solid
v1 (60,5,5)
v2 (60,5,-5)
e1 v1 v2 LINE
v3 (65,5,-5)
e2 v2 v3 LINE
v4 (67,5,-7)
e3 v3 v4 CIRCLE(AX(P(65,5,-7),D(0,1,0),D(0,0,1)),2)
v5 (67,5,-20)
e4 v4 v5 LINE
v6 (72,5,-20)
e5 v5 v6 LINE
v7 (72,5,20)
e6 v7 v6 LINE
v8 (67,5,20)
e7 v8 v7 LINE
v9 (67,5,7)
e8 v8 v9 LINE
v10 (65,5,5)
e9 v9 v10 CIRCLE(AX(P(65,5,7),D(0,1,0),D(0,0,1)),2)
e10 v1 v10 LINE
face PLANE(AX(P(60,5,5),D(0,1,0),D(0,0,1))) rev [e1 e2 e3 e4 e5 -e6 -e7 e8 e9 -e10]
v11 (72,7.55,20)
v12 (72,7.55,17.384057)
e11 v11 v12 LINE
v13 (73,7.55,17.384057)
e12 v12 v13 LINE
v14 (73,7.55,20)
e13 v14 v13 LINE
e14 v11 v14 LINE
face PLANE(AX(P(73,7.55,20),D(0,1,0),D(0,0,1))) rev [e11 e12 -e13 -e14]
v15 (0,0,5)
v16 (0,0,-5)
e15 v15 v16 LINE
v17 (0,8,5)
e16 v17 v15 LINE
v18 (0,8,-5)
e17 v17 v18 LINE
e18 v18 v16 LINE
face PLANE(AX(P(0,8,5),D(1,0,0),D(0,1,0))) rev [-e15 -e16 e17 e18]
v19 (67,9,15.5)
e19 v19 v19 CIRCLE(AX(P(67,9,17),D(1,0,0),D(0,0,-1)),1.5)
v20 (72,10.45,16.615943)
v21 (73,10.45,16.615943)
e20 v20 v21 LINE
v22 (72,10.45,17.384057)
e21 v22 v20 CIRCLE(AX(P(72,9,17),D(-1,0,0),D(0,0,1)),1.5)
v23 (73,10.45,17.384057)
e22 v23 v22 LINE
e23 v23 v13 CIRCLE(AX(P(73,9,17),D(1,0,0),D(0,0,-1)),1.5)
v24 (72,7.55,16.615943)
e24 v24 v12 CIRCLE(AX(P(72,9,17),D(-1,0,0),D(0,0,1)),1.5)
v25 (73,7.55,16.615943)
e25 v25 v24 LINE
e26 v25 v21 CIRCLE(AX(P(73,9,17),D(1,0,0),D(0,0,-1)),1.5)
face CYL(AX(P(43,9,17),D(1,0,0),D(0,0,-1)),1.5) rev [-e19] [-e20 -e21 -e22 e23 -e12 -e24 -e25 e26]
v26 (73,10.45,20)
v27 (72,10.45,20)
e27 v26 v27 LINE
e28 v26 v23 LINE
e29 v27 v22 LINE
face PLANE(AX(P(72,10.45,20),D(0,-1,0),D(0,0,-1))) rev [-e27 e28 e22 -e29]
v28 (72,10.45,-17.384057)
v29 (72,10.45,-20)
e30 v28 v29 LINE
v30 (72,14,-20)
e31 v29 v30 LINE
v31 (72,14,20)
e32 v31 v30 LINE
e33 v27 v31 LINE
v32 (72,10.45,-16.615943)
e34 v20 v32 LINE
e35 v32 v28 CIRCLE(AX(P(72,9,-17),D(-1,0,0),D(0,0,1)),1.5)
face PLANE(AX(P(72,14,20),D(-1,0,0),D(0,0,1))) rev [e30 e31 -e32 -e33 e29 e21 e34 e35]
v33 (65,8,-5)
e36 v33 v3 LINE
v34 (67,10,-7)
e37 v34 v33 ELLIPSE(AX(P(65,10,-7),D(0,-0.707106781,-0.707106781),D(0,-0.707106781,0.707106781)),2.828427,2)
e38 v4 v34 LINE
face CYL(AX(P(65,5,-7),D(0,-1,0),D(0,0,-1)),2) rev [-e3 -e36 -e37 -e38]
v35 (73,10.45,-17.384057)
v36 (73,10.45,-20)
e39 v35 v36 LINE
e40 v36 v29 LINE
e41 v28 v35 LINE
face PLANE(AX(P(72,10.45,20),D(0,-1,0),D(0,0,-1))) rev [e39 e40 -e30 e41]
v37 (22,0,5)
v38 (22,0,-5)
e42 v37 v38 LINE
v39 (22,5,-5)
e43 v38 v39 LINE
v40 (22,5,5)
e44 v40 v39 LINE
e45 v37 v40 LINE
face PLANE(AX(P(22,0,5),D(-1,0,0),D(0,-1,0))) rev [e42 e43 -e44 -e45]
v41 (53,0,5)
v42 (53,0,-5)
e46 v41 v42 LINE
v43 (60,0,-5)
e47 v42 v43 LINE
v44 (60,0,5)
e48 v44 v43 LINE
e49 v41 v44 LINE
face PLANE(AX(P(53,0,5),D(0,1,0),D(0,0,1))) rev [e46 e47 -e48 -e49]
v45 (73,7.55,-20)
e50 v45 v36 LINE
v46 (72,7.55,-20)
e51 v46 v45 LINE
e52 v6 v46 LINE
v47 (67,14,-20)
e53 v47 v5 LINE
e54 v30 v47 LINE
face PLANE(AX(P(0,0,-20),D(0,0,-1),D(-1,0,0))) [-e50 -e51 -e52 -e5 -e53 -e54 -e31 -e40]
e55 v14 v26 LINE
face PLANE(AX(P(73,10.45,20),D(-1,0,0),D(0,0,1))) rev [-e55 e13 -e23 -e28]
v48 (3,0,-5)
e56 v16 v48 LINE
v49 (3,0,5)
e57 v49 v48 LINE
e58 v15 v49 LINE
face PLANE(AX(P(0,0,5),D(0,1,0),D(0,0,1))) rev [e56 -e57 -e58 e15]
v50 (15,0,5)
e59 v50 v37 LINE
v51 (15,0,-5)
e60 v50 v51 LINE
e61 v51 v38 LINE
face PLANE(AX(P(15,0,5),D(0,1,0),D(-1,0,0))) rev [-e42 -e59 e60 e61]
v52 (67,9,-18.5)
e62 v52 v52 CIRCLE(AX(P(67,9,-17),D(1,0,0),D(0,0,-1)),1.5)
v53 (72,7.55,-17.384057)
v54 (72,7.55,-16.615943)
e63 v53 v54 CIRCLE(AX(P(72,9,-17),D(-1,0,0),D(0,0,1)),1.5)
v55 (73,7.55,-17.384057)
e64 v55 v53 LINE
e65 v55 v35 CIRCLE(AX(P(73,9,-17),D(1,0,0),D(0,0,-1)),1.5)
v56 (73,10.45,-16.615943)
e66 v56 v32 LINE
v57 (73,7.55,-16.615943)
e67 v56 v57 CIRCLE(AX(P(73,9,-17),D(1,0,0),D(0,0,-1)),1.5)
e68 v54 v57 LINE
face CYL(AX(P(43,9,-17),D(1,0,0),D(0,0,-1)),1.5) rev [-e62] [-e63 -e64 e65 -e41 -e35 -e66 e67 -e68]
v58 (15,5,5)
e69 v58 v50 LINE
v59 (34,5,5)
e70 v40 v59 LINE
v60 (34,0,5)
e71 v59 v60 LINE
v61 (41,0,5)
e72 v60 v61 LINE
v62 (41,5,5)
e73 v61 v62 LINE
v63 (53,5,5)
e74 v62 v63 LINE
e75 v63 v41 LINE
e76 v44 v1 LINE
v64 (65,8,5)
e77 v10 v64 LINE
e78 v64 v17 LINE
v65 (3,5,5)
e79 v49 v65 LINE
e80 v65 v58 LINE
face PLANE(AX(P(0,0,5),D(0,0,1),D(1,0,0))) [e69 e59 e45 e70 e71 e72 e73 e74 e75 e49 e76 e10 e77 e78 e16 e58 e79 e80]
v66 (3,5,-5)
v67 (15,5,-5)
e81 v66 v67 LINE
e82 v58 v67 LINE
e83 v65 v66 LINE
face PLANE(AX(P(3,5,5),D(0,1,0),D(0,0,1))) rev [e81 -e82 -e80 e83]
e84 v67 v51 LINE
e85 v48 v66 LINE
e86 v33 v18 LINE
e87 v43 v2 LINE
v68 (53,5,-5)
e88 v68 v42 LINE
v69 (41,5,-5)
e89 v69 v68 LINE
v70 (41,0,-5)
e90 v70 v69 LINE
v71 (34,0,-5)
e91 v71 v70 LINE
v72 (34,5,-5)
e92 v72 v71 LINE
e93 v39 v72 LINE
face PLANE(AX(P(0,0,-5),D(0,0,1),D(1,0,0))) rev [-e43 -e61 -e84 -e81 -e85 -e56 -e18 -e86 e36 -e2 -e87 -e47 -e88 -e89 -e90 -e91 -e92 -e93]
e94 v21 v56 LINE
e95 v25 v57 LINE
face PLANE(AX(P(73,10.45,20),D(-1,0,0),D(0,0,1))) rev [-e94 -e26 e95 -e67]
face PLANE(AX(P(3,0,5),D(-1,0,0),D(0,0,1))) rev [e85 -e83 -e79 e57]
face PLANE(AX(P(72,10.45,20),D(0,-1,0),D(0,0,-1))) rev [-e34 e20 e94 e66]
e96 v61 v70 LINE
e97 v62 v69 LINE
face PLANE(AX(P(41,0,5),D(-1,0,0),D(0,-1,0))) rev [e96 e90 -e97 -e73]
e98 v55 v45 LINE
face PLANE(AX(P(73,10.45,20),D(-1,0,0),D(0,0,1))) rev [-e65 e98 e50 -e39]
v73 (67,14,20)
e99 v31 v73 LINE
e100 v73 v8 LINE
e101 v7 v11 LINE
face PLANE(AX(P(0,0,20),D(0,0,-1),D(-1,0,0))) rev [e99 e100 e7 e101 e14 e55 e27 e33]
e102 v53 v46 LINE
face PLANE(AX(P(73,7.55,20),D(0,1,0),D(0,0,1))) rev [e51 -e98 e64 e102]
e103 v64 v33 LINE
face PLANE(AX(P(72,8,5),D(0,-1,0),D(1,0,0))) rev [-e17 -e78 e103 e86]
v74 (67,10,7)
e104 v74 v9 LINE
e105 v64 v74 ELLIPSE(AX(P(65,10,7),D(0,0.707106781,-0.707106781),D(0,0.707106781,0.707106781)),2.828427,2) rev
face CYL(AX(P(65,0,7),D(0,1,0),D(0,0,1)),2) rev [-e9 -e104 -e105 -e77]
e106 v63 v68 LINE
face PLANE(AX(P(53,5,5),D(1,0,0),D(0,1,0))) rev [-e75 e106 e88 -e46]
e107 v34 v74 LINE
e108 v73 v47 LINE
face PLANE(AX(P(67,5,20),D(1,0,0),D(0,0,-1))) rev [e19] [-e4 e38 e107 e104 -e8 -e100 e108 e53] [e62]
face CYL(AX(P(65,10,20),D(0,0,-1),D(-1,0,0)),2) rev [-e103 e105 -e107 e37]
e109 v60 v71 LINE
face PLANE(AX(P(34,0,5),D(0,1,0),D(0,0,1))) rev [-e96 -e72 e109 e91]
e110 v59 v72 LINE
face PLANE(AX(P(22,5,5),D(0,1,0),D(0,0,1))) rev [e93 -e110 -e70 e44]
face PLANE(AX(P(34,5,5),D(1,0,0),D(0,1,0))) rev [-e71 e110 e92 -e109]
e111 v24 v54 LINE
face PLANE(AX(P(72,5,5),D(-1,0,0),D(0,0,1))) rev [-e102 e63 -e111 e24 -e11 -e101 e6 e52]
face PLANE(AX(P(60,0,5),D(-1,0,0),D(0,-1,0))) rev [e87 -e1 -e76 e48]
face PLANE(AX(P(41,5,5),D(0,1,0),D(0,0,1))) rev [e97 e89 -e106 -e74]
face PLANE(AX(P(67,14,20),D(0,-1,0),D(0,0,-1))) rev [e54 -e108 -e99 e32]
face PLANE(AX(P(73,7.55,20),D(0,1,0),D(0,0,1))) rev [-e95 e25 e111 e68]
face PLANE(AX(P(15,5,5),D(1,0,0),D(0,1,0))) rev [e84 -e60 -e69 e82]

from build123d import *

# Parameters (mm, degrees)
MAIN_DEPTH             = 5
MAKERBEAMFIX_DEPTH     = 20
SKETCH2_R              = 1.5
MAKERBEAMFIXHOLE_DEPTH = 30
FILLET1_R              = 2


with BuildPart() as part:
    # Esquisse1 → Main (new body, symmetric)
    with BuildSketch(Plane.XY):
        Polygon((3, 0), (3, 5), (15, 5), (15, 0), (22, 0), (22, 5), (34, 5), (34, 0), (41, 0), (41, 5), (53, 5), (53, 0), (60, 0), (60, 5), (72, 5), (72, 8), (0, 8), (0, 0), align=None)
    extrude(amount=MAIN_DEPTH, both=True)

    # Sketch1 → MakerBeamFix (add, symmetric)
    with BuildSketch(Plane.XY):
        Polygon((67, 14), (72, 14), (72, 10.45), (73, 10.45), (73, 7.55), (72, 7.55), (72, 5), (67, 5), align=None)
    extrude(amount=MAKERBEAMFIX_DEPTH, both=True)

    # Sketch2 → MakerBeamFixHole (cut)
    with BuildSketch(Plane(origin=(73, 0, 0), x_dir=(0, 0, -1), z_dir=(1, 0, 0))):
        with Locations((-17, 9)):
            Circle(SKETCH2_R)
        with Locations((17, 9)):
            Circle(SKETCH2_R)
    extrude(amount=-MAKERBEAMFIXHOLE_DEPTH, mode=Mode.SUBTRACT)

    # Fillet1
    fillet1_edges = [part.edges().sort_by_distance(p)[0] for p in [
        (67, 6.5, -5),
        (67, 6.5, 5),
        (67, 8, 0),
    ]]
    fillet(fillet1_edges, radius=FILLET1_R)


solid = part.part
